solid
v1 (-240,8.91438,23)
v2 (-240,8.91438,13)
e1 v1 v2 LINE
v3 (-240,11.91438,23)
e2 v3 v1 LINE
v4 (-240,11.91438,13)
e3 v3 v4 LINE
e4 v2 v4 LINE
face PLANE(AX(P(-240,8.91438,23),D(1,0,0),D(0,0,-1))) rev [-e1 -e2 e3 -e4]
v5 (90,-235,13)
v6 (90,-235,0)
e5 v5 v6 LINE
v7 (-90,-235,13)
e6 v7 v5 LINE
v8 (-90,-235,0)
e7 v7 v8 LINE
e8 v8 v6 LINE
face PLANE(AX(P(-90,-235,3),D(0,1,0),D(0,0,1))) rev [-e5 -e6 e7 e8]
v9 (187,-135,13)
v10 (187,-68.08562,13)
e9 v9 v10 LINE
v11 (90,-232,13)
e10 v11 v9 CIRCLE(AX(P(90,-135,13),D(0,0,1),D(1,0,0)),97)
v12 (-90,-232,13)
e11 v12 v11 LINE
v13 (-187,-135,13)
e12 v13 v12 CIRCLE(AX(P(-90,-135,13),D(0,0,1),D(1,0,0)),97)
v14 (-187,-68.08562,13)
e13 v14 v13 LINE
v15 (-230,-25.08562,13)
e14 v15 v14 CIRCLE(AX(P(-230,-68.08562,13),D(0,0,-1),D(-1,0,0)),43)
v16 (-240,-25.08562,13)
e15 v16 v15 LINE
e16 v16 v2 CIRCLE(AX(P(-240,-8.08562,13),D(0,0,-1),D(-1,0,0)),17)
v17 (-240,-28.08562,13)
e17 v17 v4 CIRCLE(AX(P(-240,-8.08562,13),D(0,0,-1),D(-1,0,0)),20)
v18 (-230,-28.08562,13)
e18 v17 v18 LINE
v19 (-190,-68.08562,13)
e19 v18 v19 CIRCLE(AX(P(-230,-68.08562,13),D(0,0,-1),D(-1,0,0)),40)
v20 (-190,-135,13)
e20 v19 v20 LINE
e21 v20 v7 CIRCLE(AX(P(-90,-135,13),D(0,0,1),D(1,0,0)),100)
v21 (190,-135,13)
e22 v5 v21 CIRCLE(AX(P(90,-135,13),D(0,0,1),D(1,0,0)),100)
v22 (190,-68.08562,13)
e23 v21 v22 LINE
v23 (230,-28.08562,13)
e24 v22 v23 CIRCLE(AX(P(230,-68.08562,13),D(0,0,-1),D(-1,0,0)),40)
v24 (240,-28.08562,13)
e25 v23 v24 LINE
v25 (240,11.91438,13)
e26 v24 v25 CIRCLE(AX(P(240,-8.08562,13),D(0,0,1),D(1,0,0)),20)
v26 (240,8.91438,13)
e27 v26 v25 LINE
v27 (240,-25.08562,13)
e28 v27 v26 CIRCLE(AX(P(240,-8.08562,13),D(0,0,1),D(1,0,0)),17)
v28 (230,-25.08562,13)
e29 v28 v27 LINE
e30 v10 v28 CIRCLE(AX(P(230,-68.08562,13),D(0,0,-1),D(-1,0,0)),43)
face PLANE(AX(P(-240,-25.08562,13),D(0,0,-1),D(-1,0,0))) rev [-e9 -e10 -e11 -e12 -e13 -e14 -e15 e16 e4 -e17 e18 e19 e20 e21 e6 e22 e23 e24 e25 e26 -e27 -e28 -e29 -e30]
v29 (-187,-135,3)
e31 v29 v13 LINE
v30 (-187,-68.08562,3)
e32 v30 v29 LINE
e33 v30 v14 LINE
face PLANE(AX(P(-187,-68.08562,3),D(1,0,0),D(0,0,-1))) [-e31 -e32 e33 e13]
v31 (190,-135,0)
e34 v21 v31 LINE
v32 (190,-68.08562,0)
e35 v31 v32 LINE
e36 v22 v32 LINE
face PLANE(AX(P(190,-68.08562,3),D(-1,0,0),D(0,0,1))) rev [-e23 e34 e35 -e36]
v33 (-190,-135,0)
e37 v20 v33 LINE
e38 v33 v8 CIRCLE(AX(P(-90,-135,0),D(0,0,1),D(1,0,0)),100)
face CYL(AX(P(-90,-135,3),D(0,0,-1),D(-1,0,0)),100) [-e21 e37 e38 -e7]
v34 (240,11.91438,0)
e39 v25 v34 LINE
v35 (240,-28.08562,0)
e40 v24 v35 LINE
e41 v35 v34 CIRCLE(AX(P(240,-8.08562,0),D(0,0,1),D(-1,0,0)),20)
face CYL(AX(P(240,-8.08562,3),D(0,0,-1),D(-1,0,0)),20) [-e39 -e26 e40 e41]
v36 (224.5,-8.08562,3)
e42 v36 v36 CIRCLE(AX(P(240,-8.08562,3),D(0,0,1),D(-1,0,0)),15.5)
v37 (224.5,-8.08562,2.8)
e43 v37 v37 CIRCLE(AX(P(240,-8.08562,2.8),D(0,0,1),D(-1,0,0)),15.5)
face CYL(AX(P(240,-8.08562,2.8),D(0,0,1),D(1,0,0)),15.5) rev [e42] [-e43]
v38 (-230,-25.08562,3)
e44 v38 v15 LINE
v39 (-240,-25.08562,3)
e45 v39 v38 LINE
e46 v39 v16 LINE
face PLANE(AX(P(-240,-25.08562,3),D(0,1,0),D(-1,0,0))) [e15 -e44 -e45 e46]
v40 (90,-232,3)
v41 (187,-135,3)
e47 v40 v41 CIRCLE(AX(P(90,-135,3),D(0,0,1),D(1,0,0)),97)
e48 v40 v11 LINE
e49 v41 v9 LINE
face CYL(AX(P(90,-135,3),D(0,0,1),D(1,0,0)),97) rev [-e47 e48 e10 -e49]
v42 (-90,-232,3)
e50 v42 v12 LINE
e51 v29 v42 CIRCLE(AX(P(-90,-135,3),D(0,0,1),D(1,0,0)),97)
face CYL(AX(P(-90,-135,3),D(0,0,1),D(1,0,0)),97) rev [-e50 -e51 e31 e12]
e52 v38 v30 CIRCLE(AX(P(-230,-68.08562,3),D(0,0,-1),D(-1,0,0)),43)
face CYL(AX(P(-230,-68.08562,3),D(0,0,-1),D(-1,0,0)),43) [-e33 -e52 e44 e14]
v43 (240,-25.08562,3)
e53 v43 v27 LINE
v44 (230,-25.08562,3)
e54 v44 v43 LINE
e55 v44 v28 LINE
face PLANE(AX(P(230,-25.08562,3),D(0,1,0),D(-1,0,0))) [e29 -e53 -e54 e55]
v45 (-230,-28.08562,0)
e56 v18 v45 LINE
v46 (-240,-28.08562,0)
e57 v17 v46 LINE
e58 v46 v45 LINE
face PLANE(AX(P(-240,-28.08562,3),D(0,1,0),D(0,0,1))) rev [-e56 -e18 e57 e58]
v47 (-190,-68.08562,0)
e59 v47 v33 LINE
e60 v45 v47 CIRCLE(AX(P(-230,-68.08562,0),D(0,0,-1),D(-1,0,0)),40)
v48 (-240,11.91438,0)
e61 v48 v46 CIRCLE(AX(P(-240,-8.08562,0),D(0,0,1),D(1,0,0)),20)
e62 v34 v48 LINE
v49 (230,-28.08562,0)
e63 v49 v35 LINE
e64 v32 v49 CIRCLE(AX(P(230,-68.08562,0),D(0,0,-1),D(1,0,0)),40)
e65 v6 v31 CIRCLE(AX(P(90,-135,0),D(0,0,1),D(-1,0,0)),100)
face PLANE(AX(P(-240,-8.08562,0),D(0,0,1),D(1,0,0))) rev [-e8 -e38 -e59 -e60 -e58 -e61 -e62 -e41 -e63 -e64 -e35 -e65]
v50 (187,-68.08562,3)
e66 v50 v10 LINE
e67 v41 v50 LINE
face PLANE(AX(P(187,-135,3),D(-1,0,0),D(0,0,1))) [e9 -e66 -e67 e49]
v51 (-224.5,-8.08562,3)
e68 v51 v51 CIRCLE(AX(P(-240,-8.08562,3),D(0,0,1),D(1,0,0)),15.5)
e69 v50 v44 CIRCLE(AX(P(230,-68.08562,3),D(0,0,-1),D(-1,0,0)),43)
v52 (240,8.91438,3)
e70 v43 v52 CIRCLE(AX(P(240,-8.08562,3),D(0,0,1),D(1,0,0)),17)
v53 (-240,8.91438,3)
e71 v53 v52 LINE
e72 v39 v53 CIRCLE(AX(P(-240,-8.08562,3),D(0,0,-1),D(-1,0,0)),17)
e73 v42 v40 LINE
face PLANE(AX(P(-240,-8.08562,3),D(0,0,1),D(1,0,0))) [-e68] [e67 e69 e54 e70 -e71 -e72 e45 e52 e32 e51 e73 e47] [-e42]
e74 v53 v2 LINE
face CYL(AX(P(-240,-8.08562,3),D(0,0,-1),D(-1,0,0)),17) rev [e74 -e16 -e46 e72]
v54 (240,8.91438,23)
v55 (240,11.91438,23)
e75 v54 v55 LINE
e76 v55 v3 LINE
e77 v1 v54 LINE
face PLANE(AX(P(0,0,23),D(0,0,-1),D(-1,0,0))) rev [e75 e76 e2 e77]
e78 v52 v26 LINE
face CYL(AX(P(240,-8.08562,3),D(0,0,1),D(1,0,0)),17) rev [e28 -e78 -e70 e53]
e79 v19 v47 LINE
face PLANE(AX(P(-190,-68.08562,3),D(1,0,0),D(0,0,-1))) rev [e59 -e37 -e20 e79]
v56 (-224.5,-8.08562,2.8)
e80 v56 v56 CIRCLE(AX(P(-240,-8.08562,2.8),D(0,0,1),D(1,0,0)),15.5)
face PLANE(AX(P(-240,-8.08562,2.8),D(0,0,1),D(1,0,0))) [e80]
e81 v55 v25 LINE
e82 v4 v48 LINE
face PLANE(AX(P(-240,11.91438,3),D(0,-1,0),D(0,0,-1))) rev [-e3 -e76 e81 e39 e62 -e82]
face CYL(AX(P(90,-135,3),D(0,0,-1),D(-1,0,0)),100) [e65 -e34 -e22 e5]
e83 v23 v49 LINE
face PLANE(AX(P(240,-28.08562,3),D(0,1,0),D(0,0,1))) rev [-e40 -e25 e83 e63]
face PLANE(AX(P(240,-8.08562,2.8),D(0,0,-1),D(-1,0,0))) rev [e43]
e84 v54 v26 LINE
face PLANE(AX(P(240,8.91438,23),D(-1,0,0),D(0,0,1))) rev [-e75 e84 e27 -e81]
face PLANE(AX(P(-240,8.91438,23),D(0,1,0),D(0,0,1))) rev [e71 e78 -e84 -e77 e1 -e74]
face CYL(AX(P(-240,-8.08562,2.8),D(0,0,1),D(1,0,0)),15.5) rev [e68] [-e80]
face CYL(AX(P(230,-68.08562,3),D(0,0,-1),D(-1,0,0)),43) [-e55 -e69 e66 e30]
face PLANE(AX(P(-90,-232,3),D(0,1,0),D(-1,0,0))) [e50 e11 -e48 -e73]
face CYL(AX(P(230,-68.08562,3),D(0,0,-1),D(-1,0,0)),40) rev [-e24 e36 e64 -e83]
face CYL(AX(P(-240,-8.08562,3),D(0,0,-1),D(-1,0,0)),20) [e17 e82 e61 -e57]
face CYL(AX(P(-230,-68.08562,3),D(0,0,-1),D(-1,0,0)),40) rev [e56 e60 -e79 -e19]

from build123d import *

# Parameters (mm, degrees)
BOSS_EXTRUDE1_DEPTH = 3
SKETCH2_W           = 480
SKETCH2_H           = 3
BOSS_EXTRUDE2_DEPTH = 20
SKETCH3_R           = 15.5
CUT_EXTRUDE1_DEPTH  = 0.2
SKETCH4_W           = 10
SKETCH4_H           = 3


with BuildPart() as part:
    # Sketch1 → Boss-Extrude1 (new body)
    with BuildSketch(Plane.XY):
        with BuildLine():
            Line((-240, -28.085620227), (-230, -28.085620227))
            ThreePointArc((-230, -28.085620227), (-201.715728753, -39.80134898), (-190, -68.085620227))
            Line((-190, -68.085620227), (-190, -135))
            ThreePointArc((-190, -135), (-160.710678119, -205.710678119), (-90, -235))
            Line((-90, -235), (90, -235))
            ThreePointArc((90, -235), (160.710678119, -205.710678119), (190, -135))
            Line((190, -135), (190, -68.085620227))
            ThreePointArc((190, -68.085620227), (201.715728753, -39.80134898), (230, -28.085620227))
            Line((230, -28.085620227), (240, -28.085620227))
            ThreePointArc((240, -28.085620227), (260, -8.085620227), (240, 11.914379773))
            Line((240, 11.914379773), (-240, 11.914379773))
            ThreePointArc((-240, 11.914379773), (-260, -8.085620227), (-240, -28.085620227))
        make_face()
    extrude(amount=BOSS_EXTRUDE1_DEPTH)

    # Sketch2 → Boss-Extrude2 (add)
    with BuildSketch(Plane.XY.offset(3)):
        with Locations((0, 10.414379773)):
            Rectangle(SKETCH2_W, SKETCH2_H)
    extrude(amount=BOSS_EXTRUDE2_DEPTH)

    # Sketch3 → Cut-Extrude1 (cut)
    with BuildSketch(Plane.XY.offset(3)):
        with Locations((-240, -8.085620227)):
            Circle(SKETCH3_R)
        with Locations(Location((240, -8.085620227, 0), (0, 0, 180))):
            Circle(SKETCH3_R)
    extrude(amount=-CUT_EXTRUDE1_DEPTH, mode=Mode.SUBTRACT)

    # Sweep1: sweep along a path in Sketch5
    with BuildLine(Plane.XY.offset(3)) as sweep1_path:
        ThreePointArc((-240, 11.914379773), (-260, -8.085620227), (-240, -28.085620227))
        Line((-240, -28.085620227), (-230, -28.085620227))
        ThreePointArc((-230, -28.085620227), (-201.715728753, -39.80134898), (-190, -68.085620227))
        Line((-190, -68.085620227), (-190, -135))
        ThreePointArc((-190, -135), (-160.710678119, -205.710678119), (-90, -235))
        Line((-90, -235), (90, -235))
        ThreePointArc((90, -235), (160.710678119, -205.710678119), (190, -135))
        Line((190, -135), (190, -68.085620227))
        ThreePointArc((190, -68.085620227), (201.715728753, -39.80134898), (230, -28.085620227))
        Line((230, -28.085620227), (240, -28.085620227))
        ThreePointArc((240, -28.085620227), (260, -8.085620227), (240, 11.914379773))
    # Sketch4 → Sweep1 (sweep)
    with BuildSketch(Plane.ZY.offset(240)):
        with Locations((8, 10.414379773)):
            Rectangle(SKETCH4_W, SKETCH4_H)
    sweep(path=sweep1_path.line)


solid = part.part
